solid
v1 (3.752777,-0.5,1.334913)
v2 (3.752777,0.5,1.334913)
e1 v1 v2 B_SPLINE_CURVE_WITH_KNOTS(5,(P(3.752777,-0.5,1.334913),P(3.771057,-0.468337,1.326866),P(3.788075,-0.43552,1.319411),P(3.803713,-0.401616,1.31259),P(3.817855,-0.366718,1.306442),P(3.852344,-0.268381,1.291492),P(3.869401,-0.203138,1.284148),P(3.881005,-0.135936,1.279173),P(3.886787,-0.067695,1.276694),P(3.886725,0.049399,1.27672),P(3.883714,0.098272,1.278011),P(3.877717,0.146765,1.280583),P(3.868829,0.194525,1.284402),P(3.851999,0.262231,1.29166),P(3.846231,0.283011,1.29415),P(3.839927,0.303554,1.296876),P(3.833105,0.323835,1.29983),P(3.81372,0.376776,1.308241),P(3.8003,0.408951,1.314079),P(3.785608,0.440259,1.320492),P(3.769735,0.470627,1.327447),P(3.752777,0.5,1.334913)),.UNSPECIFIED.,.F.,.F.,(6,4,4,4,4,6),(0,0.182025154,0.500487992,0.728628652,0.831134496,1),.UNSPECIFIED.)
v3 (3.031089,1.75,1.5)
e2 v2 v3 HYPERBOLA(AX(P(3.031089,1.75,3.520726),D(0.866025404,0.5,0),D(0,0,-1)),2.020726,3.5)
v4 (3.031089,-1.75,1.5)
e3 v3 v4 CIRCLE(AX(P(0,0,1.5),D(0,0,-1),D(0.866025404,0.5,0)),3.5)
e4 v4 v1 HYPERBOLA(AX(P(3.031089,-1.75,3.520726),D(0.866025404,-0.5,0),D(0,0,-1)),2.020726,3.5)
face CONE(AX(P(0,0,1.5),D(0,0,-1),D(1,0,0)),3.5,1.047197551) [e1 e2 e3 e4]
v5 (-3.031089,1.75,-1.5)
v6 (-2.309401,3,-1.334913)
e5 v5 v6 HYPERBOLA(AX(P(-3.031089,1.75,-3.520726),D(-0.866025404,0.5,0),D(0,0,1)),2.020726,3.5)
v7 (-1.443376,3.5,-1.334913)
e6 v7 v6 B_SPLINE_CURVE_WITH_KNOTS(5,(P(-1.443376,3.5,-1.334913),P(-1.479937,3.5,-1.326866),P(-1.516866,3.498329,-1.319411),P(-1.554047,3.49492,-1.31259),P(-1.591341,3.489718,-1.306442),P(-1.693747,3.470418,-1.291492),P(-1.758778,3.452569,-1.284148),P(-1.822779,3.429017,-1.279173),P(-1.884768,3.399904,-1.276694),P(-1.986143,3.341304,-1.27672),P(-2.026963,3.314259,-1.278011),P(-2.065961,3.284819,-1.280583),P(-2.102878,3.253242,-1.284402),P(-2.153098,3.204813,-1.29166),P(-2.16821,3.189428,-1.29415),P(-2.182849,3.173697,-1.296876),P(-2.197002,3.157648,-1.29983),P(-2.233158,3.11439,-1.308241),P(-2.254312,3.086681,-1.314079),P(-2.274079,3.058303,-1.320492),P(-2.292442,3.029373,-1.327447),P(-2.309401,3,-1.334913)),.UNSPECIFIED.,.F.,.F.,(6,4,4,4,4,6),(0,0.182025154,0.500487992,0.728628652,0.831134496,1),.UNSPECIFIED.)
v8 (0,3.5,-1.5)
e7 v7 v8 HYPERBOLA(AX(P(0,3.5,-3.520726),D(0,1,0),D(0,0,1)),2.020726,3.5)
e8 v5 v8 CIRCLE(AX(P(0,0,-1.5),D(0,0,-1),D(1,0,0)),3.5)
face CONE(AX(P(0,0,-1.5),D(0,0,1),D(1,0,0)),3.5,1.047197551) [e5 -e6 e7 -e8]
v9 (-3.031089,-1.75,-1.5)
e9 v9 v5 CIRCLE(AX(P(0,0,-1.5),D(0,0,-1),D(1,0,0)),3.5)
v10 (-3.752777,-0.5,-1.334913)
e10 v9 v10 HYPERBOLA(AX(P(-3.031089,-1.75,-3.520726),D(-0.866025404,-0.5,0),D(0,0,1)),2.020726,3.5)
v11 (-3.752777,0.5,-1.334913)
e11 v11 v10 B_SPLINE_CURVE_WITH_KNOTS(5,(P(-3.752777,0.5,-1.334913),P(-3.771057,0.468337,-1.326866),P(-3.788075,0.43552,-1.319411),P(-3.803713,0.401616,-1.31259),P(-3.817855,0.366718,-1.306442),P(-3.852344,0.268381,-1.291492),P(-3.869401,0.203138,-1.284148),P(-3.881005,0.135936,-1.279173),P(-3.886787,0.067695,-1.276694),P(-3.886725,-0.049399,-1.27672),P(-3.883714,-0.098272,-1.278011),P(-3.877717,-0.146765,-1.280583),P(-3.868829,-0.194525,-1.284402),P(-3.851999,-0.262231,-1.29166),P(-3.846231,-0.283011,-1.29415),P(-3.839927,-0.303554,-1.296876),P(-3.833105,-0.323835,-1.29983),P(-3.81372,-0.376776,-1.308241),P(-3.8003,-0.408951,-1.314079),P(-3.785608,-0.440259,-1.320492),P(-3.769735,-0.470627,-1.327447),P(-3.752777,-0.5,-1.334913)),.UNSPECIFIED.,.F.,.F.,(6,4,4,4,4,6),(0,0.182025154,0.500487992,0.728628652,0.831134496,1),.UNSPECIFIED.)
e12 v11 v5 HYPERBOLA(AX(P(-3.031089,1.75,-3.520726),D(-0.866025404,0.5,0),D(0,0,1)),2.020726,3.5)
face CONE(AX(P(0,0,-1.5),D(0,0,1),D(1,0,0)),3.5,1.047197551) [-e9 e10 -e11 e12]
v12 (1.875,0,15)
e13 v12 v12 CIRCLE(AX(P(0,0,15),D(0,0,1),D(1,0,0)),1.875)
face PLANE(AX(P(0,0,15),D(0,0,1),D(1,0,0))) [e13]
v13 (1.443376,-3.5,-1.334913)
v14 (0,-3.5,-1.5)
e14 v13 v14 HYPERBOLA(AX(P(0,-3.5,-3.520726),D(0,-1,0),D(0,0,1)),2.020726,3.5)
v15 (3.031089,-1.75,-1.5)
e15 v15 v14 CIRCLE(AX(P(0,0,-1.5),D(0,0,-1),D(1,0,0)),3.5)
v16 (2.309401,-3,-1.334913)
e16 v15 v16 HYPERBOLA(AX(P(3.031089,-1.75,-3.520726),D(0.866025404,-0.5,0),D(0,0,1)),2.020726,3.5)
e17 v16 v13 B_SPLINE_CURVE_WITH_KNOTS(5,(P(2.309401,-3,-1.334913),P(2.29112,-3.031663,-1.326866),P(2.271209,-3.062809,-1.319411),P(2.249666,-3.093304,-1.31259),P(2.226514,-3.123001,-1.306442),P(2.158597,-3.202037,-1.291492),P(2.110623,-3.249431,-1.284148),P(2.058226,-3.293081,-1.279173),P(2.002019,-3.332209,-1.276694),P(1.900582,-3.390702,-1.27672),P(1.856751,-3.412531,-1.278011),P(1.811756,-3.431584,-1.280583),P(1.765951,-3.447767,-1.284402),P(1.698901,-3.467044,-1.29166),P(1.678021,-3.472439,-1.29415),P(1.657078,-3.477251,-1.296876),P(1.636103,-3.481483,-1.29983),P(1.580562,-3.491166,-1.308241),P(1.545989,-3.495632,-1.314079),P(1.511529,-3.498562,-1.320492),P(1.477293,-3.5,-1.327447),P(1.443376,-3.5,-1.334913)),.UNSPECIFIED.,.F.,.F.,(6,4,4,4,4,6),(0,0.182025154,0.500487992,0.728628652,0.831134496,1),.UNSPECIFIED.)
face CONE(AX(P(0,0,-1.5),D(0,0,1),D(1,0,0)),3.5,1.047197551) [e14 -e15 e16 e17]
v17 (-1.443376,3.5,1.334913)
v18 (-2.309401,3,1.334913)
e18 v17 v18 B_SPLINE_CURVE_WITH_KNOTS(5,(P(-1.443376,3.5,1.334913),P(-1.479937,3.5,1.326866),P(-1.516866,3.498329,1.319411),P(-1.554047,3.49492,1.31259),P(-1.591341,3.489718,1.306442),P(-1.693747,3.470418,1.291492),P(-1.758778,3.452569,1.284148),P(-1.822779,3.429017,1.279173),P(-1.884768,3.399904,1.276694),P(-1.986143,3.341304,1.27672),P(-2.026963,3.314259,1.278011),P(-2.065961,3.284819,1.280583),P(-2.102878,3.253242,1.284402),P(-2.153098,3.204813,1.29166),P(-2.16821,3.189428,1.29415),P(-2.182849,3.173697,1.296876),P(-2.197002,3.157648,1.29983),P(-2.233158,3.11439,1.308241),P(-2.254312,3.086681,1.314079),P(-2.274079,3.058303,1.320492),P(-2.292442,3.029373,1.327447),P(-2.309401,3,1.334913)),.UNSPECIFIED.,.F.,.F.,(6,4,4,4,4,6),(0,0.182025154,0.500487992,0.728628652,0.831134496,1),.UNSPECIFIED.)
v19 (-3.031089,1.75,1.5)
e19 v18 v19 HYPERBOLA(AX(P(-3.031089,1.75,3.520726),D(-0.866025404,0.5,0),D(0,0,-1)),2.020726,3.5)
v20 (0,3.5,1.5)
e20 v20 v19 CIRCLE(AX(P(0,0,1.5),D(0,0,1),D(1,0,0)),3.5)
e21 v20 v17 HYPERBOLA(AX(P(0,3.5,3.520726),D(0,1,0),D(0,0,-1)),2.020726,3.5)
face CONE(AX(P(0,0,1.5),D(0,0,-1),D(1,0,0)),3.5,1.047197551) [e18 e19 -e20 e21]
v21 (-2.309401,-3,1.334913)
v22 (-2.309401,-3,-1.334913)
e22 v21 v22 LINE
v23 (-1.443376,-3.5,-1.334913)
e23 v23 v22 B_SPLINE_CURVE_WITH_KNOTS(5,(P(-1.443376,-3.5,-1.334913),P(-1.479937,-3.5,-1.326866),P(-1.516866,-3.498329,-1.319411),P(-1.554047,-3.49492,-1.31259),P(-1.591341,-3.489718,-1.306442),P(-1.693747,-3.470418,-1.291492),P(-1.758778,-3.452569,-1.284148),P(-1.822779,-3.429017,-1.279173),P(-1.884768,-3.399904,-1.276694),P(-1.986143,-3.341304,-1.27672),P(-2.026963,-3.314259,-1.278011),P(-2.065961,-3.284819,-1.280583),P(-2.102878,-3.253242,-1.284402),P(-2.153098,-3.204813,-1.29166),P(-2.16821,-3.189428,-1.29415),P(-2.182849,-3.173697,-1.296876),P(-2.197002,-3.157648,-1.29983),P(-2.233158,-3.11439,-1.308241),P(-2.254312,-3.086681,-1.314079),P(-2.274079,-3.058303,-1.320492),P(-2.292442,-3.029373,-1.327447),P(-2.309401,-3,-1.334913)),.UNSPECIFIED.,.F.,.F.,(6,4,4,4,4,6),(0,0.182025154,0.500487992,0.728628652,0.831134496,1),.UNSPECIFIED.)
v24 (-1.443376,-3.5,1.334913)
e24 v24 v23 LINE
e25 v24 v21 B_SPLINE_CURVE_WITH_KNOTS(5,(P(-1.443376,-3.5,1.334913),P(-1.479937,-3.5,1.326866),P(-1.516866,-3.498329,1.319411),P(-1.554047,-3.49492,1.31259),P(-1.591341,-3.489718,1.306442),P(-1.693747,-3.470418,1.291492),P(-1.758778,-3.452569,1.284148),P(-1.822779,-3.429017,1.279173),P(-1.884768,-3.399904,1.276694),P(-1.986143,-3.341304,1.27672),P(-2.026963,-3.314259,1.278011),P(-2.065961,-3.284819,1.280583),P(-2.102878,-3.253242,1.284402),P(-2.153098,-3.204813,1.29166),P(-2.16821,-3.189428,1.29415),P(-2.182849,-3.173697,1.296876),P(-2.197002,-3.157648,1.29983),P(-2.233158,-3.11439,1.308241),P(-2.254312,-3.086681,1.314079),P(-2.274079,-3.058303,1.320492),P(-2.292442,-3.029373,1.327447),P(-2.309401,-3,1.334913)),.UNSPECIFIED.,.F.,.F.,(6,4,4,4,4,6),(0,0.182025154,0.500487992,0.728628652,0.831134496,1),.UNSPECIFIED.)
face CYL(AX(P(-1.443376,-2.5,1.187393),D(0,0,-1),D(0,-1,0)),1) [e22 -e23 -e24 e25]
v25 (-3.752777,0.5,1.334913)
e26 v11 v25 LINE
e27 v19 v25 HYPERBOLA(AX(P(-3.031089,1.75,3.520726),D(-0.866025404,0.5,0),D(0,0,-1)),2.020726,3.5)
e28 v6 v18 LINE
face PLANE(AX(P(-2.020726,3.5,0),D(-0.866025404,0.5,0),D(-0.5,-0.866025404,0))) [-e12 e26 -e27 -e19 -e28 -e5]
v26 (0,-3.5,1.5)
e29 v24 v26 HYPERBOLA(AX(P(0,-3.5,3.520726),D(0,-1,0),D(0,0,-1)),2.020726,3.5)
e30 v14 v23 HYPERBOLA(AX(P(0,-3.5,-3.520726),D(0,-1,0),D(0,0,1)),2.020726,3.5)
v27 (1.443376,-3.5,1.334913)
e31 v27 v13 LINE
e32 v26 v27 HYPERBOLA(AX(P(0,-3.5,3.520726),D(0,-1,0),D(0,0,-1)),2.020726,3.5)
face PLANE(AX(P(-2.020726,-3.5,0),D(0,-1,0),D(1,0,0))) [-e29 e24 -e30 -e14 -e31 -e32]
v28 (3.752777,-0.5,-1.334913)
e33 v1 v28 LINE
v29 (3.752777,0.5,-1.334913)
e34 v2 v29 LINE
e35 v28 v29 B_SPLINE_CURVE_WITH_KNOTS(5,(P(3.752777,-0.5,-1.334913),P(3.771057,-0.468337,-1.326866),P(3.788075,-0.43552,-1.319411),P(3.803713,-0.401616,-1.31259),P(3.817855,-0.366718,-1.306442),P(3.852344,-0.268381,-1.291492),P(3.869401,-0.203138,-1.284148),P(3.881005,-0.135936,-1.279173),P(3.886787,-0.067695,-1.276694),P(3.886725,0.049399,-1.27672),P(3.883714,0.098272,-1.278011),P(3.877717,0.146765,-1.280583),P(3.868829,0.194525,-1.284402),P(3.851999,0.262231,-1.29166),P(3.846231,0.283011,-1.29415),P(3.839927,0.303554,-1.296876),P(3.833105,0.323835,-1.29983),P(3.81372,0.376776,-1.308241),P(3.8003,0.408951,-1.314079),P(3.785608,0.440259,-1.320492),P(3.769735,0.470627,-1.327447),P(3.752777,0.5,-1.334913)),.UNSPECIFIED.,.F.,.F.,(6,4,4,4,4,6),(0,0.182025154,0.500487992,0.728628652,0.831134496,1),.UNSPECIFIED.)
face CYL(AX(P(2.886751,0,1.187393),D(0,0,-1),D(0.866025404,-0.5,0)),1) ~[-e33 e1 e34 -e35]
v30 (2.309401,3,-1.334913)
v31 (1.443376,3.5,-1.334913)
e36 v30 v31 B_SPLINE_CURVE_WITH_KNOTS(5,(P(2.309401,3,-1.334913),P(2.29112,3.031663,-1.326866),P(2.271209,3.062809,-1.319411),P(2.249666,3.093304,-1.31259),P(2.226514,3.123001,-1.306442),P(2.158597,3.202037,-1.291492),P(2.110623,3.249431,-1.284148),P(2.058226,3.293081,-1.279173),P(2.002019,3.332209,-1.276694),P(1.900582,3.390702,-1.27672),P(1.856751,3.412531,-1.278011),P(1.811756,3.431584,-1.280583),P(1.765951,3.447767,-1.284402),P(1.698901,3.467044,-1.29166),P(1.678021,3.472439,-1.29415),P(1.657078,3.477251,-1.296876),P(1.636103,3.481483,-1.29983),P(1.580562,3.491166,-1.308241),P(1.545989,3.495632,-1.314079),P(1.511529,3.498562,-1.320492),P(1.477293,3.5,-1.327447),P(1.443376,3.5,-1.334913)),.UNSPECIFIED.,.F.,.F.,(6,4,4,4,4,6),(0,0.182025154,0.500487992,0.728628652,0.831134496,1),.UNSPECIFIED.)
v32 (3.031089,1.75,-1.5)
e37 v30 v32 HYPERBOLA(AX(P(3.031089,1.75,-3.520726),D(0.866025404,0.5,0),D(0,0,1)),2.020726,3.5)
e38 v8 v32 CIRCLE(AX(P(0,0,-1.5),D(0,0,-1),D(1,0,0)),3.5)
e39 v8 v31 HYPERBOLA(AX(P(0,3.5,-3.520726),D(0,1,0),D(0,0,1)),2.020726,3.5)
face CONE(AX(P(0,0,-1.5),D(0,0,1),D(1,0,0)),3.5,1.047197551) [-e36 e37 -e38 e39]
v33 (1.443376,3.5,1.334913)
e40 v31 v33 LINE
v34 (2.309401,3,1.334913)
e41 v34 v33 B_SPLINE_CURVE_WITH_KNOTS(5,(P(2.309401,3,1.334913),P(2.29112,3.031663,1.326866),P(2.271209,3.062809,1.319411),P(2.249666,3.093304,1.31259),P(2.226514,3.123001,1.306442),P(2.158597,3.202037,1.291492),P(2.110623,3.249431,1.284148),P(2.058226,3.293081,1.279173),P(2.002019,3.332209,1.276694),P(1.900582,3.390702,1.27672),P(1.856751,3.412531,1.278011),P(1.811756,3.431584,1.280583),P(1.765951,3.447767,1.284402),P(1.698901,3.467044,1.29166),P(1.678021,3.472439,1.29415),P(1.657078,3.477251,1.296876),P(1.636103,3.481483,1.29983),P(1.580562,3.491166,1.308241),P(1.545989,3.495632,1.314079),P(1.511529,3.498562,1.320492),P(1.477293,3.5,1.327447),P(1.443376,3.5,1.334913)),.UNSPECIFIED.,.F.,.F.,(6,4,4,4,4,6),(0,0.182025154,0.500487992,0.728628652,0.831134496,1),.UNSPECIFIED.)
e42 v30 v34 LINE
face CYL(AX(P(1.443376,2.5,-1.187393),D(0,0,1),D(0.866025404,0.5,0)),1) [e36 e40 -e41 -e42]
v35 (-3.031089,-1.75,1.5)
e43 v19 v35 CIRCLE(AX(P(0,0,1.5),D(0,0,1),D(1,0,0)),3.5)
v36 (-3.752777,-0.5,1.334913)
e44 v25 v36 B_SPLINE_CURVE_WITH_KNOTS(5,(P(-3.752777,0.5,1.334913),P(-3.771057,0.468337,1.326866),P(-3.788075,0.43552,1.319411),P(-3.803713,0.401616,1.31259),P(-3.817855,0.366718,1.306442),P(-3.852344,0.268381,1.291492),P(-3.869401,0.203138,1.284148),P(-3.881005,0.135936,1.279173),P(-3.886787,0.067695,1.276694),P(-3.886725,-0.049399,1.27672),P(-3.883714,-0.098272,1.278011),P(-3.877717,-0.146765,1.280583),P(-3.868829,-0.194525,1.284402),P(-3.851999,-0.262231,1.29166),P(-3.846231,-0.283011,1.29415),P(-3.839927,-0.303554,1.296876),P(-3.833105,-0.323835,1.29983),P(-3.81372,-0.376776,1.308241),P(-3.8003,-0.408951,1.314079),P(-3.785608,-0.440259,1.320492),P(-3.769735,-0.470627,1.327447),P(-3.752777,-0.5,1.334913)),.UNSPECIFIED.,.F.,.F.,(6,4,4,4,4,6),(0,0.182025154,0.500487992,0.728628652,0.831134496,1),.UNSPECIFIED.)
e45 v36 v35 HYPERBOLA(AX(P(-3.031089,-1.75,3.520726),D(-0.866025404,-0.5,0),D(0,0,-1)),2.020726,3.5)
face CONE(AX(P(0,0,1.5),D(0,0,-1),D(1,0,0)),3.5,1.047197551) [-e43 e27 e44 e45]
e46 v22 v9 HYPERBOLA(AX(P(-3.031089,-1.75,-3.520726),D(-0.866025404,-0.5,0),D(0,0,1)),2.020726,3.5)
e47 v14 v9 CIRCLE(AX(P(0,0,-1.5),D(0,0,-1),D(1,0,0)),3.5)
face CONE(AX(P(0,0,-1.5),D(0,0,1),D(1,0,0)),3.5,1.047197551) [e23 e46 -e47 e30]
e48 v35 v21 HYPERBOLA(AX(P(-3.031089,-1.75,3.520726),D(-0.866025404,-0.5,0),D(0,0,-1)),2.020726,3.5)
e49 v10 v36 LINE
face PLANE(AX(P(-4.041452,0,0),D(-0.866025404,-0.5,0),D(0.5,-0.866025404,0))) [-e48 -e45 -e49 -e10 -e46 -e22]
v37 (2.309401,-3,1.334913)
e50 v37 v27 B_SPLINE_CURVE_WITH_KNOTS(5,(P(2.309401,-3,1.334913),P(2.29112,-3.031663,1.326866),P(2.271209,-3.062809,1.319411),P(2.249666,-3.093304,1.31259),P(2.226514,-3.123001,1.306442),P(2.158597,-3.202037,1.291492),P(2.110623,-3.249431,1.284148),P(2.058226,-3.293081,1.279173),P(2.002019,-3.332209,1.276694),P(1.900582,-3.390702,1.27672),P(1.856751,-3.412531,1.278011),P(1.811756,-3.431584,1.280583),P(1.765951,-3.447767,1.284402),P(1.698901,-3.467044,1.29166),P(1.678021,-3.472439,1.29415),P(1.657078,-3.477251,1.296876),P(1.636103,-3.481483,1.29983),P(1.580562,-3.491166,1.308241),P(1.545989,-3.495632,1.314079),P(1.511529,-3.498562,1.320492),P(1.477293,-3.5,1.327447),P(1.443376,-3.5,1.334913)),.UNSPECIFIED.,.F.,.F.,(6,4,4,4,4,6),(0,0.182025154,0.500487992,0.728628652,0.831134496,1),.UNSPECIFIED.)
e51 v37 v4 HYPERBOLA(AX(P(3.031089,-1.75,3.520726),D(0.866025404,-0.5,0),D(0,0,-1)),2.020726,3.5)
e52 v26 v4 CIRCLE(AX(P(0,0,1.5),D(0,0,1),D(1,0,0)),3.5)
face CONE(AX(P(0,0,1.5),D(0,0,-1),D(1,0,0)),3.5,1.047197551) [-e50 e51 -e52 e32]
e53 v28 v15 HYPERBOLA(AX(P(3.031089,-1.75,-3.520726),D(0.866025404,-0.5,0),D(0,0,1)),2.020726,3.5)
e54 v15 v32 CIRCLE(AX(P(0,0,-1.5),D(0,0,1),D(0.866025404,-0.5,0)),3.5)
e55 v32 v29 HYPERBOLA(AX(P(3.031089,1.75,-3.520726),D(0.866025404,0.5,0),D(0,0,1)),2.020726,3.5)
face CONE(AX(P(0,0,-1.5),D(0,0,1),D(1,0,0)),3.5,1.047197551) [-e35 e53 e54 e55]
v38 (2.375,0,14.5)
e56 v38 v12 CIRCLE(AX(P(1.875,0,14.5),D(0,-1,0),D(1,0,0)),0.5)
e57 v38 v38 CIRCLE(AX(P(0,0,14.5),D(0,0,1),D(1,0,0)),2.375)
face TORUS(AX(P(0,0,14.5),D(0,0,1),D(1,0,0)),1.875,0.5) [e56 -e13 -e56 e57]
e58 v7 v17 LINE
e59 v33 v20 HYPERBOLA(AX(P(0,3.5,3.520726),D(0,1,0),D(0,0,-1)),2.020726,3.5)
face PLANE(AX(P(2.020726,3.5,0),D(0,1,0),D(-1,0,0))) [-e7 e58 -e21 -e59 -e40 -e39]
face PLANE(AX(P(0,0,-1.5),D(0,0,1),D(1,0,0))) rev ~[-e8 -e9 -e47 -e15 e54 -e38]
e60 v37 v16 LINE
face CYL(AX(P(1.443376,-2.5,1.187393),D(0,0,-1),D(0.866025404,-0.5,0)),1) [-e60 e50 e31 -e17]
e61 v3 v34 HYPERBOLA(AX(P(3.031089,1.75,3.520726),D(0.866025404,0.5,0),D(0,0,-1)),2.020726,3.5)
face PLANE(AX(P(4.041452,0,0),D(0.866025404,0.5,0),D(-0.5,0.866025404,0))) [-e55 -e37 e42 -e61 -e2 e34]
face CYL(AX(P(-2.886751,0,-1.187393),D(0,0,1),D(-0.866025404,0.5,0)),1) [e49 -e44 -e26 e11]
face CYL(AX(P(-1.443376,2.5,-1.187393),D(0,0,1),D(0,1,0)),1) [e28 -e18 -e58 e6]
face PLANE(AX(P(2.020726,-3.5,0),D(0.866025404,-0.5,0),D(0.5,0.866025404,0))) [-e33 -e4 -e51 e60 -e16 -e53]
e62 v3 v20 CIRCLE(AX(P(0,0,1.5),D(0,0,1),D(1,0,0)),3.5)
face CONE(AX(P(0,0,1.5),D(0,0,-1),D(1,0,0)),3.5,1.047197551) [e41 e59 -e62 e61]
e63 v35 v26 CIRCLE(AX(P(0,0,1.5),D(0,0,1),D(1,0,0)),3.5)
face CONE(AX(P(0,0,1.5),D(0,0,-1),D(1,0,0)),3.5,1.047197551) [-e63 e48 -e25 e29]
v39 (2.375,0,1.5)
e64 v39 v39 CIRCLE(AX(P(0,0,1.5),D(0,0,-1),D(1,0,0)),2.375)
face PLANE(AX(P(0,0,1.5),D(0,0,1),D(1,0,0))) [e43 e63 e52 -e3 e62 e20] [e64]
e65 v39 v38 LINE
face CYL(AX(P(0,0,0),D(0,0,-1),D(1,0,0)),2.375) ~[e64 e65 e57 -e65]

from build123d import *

# Parameters (mm, degrees)
BOSS_EXTRUDE2_DEPTH     = 1.5
SKETCH5_OUTSIDE_W       = 64.264
SKETCH5_OUTSIDE_H       = 63.182
SKETCH5_OUTSIDE_R       = 3.5
CUT_EXTRUDE1_DEPTH      = 15
CUT_EXTRUDE1_DRAFT      = -60
MIRROR1_COPY_1_SKETCH_W = 64.264
MIRROR1_COPY_1_SKETCH_H = 63.182
MIRROR1_COPY_1_SKETCH_R = 3.5
MIRROR1_COPY_1_DEPTH    = 15
MIRROR1_COPY_1_DRAFT    = -60
SKETCH4_3_R             = 2.375
BOSS_EXTRUDE3_DEPTH     = 15
FILLET1_R               = 1
FILLET2_R               = 0.5


with BuildPart() as part:
    # Sketch4 → Boss-Extrude2 (new, symmetric)
    with BuildSketch(Plane.XY):
        Polygon((2.020725942, 3.5), (-2.020725942, 3.5), (-4.041451884, 0), (-2.020725942, -3.5), (2.020725942, -3.5), (4.041451884, 0), align=None)
    extrude(amount=BOSS_EXTRUDE2_DEPTH, both=True)


with BuildPart() as cut_extrude1_tool:
    # Sketch5 outside → Cut-Extrude1 (with draft: the straight prism first)
    with BuildSketch(Plane.XY.offset(1.5)):
        Rectangle(SKETCH5_OUTSIDE_W, SKETCH5_OUTSIDE_H)
        Circle(SKETCH5_OUTSIDE_R, mode=Mode.SUBTRACT)
    extrude(amount=-CUT_EXTRUDE1_DEPTH)
    # Cut-Extrude1: the draft: its side faces are tilted about the plane it starts from
    cut_extrude1_sides = [cut_extrude1_tool.faces().sort_by_distance(p)[0] for p in [
        (0, -31.591, -6),
        (32.132, 0, -6),
        (0, 31.591, -6),
        (-32.132, 0, -6),
        (-3.5, 0, -6),
    ]]
    draft(cut_extrude1_sides, Plane.XY.offset(1.5), CUT_EXTRUDE1_DRAFT)


with BuildPart() as part_1:
    add(part.part)

    # Cut-Extrude1: cut by cut_extrude1_tool
    add(cut_extrude1_tool.part, mode=Mode.SUBTRACT)


with BuildPart() as mirror1_copy_1_tool:
    # Mirror1 copy 1 sketch → Mirror1 copy 1 (with draft: the straight prism first)
    with BuildSketch(Plane(origin=(0, 0, -1.5), x_dir=(1, 0, 0), z_dir=(0, 0, -1))):
        Rectangle(MIRROR1_COPY_1_SKETCH_W, MIRROR1_COPY_1_SKETCH_H)
        Circle(MIRROR1_COPY_1_SKETCH_R, mode=Mode.SUBTRACT)
    extrude(amount=-MIRROR1_COPY_1_DEPTH)
    # Mirror1 copy 1: the draft: its side faces are tilted about the plane it starts from
    mirror1_copy_1_sides = [mirror1_copy_1_tool.faces().sort_by_distance(p)[0] for p in [
        (0, -31.591, 6),
        (32.132, 0, 6),
        (0, 31.591, 6),
        (-32.132, 0, 6),
        (-3.5, 0, 6),
    ]]
    draft(mirror1_copy_1_sides, Plane(origin=(0, 0, -1.5), x_dir=(1, 0, 0), z_dir=(0, 0, -1)), MIRROR1_COPY_1_DRAFT)


with BuildPart() as part_2:
    add(part_1.part)

    # Mirror1 copy 1: cut by mirror1_copy_1_tool
    add(mirror1_copy_1_tool.part, mode=Mode.SUBTRACT)

    # Sketch4<3> → Boss-Extrude3 (add)
    with BuildSketch(Plane.XY):
        Circle(SKETCH4_3_R)
    extrude(amount=BOSS_EXTRUDE3_DEPTH)

    # Fillet1
    fillet1_edges = [part_2.edges().sort_by_distance(p)[0] for p in [
        (4.041451884, 0, 0),
        (2.020725942, -3.5, 0),
        (-2.020725942, -3.5, 0),
        (-4.041451884, 0, 0),
        (-2.020725942, 3.5, 0),
        (2.020725942, 3.5, 0),
    ]]
    fillet(fillet1_edges, radius=FILLET1_R)

    # Fillet2
    fillet2_edges = [part_2.edges().sort_by_distance(p)[0] for p in [
        (-2.375, 0, 15),
    ]]
    fillet(fillet2_edges, radius=FILLET2_R)


solid = part_2.part
